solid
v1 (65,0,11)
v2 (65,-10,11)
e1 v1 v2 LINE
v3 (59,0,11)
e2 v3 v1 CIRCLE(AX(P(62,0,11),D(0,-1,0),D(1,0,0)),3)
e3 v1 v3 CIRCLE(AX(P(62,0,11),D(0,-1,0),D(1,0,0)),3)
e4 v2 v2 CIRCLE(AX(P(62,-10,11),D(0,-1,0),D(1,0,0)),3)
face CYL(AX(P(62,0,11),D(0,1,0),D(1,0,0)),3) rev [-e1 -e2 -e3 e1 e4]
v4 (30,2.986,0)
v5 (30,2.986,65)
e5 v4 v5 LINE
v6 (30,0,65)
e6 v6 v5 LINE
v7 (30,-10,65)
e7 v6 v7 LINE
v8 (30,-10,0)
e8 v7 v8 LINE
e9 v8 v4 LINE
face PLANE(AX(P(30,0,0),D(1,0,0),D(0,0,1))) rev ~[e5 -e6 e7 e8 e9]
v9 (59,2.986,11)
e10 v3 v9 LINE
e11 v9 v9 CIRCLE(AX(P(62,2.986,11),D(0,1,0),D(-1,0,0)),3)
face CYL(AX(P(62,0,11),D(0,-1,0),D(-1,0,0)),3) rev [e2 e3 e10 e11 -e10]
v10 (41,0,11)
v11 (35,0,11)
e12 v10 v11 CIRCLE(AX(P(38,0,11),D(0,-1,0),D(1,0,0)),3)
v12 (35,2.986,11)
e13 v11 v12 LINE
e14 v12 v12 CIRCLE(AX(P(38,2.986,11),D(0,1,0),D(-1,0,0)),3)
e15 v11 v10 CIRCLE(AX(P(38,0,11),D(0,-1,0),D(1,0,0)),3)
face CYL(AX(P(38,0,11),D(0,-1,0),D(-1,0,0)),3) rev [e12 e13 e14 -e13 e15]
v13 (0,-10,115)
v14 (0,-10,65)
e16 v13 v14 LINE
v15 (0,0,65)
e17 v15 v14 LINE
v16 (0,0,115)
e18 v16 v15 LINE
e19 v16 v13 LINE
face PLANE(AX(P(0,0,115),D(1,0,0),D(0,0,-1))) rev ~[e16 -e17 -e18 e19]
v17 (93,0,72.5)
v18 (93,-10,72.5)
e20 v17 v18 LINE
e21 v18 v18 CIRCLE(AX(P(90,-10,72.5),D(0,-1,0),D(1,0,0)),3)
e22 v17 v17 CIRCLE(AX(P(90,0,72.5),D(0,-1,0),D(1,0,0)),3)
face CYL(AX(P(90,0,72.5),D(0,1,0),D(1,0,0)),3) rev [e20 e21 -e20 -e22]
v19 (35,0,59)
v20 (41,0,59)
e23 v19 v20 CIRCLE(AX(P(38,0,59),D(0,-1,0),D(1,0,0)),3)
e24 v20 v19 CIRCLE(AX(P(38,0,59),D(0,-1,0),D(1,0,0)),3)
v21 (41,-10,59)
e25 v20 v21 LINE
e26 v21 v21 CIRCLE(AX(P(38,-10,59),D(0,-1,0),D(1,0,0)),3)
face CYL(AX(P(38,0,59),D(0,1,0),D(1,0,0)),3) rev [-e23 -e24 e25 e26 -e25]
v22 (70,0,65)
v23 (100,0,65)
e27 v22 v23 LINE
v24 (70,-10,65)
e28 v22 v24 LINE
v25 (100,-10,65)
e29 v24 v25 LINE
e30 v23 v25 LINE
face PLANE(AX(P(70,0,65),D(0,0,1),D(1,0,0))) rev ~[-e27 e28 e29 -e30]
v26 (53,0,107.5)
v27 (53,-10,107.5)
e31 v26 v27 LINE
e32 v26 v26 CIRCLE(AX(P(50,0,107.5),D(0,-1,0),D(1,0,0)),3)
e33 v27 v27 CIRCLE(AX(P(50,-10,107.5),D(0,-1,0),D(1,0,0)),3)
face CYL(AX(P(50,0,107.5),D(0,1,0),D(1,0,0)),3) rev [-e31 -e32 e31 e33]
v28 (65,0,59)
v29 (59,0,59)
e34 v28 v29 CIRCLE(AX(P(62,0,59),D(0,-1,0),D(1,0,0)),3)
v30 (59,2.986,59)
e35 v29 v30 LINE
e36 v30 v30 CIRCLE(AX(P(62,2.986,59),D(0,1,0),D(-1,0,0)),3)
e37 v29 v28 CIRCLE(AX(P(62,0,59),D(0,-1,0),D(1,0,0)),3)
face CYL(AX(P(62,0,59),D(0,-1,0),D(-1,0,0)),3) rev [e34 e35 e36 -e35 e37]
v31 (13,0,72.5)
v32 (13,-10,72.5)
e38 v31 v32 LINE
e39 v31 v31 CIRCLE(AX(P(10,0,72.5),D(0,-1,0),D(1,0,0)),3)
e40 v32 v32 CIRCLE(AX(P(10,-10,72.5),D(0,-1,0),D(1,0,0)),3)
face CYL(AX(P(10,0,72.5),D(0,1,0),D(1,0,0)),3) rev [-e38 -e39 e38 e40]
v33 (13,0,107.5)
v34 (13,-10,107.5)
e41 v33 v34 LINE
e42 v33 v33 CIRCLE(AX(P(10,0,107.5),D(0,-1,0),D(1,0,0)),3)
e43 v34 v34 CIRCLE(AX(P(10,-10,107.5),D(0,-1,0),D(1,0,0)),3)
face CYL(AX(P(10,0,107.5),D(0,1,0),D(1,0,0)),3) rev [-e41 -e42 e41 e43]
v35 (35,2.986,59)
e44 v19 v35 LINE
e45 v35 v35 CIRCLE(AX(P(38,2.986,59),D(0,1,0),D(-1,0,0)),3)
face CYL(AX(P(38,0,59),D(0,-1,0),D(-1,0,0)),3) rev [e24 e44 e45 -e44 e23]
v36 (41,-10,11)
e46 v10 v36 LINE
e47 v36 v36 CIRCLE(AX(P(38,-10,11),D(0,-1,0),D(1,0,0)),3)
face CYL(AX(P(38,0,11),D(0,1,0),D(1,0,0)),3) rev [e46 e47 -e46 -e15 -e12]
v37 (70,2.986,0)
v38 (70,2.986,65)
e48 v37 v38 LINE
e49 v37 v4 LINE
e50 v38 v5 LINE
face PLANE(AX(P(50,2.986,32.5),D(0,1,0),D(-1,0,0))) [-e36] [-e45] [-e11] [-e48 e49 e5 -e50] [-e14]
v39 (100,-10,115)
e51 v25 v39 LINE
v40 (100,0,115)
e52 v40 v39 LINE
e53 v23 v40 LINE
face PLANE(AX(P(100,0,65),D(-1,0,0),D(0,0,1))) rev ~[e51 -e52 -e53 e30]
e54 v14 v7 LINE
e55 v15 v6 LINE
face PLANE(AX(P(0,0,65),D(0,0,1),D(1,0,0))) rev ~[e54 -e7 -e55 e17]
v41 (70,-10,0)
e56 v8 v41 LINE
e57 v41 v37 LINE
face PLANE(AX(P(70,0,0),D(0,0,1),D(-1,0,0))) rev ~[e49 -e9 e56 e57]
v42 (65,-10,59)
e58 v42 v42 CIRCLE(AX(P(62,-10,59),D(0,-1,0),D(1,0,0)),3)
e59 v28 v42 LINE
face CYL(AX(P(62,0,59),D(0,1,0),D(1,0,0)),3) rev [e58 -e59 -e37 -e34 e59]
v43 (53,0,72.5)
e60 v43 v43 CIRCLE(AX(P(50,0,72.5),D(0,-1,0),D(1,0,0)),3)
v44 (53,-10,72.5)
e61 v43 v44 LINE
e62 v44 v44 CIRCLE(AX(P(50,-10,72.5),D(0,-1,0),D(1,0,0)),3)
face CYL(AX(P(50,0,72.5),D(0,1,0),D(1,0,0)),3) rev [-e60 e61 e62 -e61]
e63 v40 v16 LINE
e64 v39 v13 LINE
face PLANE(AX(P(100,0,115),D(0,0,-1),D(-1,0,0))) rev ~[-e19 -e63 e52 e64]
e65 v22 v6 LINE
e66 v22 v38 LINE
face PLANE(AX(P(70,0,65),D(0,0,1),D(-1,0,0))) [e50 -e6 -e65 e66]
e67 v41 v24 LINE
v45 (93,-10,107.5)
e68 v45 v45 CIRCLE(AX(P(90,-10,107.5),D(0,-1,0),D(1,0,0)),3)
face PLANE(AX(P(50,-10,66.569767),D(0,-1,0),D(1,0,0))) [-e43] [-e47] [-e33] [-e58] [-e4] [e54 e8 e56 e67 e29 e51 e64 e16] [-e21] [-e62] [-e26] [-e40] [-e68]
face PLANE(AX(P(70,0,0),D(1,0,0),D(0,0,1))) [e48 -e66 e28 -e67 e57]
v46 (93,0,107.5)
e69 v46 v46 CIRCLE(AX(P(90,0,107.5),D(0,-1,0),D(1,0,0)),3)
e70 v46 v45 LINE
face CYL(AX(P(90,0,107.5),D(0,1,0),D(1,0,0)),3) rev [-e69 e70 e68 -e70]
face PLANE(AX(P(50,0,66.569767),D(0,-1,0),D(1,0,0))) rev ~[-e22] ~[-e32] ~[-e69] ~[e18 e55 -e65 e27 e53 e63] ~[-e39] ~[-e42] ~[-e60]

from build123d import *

# Parameters (mm, degrees)
F0_R     = 3
F1_DEPTH = 10
F2_W     = 40
F2_H     = 65
F2_R     = 3
F3_DEPTH = 2.986


with BuildPart() as f1:
    # F0 (on Front) → F1 (new body)
    with BuildSketch(Plane.XZ):
        Polygon((30, 65), (30, 0), (70, 0), (70, 65), (100, 65), (100, 115), (0, 115), (0, 65), align=None)
        with Locations((38, 11)):
            Circle(F0_R, mode=Mode.SUBTRACT)
        with Locations((62, 11)):
            Circle(F0_R, mode=Mode.SUBTRACT)
        with Locations((10, 72.5)):
            Circle(F0_R, mode=Mode.SUBTRACT)
        with Locations((38, 59)):
            Circle(F0_R, mode=Mode.SUBTRACT)
        with Locations((10, 107.5)):
            Circle(F0_R, mode=Mode.SUBTRACT)
        with Locations((62, 59)):
            Circle(F0_R, mode=Mode.SUBTRACT)
        with Locations((50, 72.5)):
            Circle(F0_R, mode=Mode.SUBTRACT)
        with Locations((90, 72.5)):
            Circle(F0_R, mode=Mode.SUBTRACT)
        with Locations((50, 107.5)):
            Circle(F0_R, mode=Mode.SUBTRACT)
        with Locations((90, 107.5)):
            Circle(F0_R, mode=Mode.SUBTRACT)
    extrude(amount=F1_DEPTH)

    # F2 (on face) → F3 (join)
    with BuildSketch(Plane(origin=(0, 0, 0), x_dir=(-1, 0, 0), z_dir=(0, 1, 0))):
        with Locations((-50, 32.5)):
            Rectangle(F2_W, F2_H)
        with Locations((-62, 11)):
            Circle(F2_R, mode=Mode.SUBTRACT)
        with Locations((-38, 11)):
            Circle(F2_R, mode=Mode.SUBTRACT)
        with Locations((-62, 59)):
            Circle(F2_R, mode=Mode.SUBTRACT)
        with Locations((-38, 59)):
            Circle(F2_R, mode=Mode.SUBTRACT)
    extrude(amount=F3_DEPTH)


solid = f1.part
